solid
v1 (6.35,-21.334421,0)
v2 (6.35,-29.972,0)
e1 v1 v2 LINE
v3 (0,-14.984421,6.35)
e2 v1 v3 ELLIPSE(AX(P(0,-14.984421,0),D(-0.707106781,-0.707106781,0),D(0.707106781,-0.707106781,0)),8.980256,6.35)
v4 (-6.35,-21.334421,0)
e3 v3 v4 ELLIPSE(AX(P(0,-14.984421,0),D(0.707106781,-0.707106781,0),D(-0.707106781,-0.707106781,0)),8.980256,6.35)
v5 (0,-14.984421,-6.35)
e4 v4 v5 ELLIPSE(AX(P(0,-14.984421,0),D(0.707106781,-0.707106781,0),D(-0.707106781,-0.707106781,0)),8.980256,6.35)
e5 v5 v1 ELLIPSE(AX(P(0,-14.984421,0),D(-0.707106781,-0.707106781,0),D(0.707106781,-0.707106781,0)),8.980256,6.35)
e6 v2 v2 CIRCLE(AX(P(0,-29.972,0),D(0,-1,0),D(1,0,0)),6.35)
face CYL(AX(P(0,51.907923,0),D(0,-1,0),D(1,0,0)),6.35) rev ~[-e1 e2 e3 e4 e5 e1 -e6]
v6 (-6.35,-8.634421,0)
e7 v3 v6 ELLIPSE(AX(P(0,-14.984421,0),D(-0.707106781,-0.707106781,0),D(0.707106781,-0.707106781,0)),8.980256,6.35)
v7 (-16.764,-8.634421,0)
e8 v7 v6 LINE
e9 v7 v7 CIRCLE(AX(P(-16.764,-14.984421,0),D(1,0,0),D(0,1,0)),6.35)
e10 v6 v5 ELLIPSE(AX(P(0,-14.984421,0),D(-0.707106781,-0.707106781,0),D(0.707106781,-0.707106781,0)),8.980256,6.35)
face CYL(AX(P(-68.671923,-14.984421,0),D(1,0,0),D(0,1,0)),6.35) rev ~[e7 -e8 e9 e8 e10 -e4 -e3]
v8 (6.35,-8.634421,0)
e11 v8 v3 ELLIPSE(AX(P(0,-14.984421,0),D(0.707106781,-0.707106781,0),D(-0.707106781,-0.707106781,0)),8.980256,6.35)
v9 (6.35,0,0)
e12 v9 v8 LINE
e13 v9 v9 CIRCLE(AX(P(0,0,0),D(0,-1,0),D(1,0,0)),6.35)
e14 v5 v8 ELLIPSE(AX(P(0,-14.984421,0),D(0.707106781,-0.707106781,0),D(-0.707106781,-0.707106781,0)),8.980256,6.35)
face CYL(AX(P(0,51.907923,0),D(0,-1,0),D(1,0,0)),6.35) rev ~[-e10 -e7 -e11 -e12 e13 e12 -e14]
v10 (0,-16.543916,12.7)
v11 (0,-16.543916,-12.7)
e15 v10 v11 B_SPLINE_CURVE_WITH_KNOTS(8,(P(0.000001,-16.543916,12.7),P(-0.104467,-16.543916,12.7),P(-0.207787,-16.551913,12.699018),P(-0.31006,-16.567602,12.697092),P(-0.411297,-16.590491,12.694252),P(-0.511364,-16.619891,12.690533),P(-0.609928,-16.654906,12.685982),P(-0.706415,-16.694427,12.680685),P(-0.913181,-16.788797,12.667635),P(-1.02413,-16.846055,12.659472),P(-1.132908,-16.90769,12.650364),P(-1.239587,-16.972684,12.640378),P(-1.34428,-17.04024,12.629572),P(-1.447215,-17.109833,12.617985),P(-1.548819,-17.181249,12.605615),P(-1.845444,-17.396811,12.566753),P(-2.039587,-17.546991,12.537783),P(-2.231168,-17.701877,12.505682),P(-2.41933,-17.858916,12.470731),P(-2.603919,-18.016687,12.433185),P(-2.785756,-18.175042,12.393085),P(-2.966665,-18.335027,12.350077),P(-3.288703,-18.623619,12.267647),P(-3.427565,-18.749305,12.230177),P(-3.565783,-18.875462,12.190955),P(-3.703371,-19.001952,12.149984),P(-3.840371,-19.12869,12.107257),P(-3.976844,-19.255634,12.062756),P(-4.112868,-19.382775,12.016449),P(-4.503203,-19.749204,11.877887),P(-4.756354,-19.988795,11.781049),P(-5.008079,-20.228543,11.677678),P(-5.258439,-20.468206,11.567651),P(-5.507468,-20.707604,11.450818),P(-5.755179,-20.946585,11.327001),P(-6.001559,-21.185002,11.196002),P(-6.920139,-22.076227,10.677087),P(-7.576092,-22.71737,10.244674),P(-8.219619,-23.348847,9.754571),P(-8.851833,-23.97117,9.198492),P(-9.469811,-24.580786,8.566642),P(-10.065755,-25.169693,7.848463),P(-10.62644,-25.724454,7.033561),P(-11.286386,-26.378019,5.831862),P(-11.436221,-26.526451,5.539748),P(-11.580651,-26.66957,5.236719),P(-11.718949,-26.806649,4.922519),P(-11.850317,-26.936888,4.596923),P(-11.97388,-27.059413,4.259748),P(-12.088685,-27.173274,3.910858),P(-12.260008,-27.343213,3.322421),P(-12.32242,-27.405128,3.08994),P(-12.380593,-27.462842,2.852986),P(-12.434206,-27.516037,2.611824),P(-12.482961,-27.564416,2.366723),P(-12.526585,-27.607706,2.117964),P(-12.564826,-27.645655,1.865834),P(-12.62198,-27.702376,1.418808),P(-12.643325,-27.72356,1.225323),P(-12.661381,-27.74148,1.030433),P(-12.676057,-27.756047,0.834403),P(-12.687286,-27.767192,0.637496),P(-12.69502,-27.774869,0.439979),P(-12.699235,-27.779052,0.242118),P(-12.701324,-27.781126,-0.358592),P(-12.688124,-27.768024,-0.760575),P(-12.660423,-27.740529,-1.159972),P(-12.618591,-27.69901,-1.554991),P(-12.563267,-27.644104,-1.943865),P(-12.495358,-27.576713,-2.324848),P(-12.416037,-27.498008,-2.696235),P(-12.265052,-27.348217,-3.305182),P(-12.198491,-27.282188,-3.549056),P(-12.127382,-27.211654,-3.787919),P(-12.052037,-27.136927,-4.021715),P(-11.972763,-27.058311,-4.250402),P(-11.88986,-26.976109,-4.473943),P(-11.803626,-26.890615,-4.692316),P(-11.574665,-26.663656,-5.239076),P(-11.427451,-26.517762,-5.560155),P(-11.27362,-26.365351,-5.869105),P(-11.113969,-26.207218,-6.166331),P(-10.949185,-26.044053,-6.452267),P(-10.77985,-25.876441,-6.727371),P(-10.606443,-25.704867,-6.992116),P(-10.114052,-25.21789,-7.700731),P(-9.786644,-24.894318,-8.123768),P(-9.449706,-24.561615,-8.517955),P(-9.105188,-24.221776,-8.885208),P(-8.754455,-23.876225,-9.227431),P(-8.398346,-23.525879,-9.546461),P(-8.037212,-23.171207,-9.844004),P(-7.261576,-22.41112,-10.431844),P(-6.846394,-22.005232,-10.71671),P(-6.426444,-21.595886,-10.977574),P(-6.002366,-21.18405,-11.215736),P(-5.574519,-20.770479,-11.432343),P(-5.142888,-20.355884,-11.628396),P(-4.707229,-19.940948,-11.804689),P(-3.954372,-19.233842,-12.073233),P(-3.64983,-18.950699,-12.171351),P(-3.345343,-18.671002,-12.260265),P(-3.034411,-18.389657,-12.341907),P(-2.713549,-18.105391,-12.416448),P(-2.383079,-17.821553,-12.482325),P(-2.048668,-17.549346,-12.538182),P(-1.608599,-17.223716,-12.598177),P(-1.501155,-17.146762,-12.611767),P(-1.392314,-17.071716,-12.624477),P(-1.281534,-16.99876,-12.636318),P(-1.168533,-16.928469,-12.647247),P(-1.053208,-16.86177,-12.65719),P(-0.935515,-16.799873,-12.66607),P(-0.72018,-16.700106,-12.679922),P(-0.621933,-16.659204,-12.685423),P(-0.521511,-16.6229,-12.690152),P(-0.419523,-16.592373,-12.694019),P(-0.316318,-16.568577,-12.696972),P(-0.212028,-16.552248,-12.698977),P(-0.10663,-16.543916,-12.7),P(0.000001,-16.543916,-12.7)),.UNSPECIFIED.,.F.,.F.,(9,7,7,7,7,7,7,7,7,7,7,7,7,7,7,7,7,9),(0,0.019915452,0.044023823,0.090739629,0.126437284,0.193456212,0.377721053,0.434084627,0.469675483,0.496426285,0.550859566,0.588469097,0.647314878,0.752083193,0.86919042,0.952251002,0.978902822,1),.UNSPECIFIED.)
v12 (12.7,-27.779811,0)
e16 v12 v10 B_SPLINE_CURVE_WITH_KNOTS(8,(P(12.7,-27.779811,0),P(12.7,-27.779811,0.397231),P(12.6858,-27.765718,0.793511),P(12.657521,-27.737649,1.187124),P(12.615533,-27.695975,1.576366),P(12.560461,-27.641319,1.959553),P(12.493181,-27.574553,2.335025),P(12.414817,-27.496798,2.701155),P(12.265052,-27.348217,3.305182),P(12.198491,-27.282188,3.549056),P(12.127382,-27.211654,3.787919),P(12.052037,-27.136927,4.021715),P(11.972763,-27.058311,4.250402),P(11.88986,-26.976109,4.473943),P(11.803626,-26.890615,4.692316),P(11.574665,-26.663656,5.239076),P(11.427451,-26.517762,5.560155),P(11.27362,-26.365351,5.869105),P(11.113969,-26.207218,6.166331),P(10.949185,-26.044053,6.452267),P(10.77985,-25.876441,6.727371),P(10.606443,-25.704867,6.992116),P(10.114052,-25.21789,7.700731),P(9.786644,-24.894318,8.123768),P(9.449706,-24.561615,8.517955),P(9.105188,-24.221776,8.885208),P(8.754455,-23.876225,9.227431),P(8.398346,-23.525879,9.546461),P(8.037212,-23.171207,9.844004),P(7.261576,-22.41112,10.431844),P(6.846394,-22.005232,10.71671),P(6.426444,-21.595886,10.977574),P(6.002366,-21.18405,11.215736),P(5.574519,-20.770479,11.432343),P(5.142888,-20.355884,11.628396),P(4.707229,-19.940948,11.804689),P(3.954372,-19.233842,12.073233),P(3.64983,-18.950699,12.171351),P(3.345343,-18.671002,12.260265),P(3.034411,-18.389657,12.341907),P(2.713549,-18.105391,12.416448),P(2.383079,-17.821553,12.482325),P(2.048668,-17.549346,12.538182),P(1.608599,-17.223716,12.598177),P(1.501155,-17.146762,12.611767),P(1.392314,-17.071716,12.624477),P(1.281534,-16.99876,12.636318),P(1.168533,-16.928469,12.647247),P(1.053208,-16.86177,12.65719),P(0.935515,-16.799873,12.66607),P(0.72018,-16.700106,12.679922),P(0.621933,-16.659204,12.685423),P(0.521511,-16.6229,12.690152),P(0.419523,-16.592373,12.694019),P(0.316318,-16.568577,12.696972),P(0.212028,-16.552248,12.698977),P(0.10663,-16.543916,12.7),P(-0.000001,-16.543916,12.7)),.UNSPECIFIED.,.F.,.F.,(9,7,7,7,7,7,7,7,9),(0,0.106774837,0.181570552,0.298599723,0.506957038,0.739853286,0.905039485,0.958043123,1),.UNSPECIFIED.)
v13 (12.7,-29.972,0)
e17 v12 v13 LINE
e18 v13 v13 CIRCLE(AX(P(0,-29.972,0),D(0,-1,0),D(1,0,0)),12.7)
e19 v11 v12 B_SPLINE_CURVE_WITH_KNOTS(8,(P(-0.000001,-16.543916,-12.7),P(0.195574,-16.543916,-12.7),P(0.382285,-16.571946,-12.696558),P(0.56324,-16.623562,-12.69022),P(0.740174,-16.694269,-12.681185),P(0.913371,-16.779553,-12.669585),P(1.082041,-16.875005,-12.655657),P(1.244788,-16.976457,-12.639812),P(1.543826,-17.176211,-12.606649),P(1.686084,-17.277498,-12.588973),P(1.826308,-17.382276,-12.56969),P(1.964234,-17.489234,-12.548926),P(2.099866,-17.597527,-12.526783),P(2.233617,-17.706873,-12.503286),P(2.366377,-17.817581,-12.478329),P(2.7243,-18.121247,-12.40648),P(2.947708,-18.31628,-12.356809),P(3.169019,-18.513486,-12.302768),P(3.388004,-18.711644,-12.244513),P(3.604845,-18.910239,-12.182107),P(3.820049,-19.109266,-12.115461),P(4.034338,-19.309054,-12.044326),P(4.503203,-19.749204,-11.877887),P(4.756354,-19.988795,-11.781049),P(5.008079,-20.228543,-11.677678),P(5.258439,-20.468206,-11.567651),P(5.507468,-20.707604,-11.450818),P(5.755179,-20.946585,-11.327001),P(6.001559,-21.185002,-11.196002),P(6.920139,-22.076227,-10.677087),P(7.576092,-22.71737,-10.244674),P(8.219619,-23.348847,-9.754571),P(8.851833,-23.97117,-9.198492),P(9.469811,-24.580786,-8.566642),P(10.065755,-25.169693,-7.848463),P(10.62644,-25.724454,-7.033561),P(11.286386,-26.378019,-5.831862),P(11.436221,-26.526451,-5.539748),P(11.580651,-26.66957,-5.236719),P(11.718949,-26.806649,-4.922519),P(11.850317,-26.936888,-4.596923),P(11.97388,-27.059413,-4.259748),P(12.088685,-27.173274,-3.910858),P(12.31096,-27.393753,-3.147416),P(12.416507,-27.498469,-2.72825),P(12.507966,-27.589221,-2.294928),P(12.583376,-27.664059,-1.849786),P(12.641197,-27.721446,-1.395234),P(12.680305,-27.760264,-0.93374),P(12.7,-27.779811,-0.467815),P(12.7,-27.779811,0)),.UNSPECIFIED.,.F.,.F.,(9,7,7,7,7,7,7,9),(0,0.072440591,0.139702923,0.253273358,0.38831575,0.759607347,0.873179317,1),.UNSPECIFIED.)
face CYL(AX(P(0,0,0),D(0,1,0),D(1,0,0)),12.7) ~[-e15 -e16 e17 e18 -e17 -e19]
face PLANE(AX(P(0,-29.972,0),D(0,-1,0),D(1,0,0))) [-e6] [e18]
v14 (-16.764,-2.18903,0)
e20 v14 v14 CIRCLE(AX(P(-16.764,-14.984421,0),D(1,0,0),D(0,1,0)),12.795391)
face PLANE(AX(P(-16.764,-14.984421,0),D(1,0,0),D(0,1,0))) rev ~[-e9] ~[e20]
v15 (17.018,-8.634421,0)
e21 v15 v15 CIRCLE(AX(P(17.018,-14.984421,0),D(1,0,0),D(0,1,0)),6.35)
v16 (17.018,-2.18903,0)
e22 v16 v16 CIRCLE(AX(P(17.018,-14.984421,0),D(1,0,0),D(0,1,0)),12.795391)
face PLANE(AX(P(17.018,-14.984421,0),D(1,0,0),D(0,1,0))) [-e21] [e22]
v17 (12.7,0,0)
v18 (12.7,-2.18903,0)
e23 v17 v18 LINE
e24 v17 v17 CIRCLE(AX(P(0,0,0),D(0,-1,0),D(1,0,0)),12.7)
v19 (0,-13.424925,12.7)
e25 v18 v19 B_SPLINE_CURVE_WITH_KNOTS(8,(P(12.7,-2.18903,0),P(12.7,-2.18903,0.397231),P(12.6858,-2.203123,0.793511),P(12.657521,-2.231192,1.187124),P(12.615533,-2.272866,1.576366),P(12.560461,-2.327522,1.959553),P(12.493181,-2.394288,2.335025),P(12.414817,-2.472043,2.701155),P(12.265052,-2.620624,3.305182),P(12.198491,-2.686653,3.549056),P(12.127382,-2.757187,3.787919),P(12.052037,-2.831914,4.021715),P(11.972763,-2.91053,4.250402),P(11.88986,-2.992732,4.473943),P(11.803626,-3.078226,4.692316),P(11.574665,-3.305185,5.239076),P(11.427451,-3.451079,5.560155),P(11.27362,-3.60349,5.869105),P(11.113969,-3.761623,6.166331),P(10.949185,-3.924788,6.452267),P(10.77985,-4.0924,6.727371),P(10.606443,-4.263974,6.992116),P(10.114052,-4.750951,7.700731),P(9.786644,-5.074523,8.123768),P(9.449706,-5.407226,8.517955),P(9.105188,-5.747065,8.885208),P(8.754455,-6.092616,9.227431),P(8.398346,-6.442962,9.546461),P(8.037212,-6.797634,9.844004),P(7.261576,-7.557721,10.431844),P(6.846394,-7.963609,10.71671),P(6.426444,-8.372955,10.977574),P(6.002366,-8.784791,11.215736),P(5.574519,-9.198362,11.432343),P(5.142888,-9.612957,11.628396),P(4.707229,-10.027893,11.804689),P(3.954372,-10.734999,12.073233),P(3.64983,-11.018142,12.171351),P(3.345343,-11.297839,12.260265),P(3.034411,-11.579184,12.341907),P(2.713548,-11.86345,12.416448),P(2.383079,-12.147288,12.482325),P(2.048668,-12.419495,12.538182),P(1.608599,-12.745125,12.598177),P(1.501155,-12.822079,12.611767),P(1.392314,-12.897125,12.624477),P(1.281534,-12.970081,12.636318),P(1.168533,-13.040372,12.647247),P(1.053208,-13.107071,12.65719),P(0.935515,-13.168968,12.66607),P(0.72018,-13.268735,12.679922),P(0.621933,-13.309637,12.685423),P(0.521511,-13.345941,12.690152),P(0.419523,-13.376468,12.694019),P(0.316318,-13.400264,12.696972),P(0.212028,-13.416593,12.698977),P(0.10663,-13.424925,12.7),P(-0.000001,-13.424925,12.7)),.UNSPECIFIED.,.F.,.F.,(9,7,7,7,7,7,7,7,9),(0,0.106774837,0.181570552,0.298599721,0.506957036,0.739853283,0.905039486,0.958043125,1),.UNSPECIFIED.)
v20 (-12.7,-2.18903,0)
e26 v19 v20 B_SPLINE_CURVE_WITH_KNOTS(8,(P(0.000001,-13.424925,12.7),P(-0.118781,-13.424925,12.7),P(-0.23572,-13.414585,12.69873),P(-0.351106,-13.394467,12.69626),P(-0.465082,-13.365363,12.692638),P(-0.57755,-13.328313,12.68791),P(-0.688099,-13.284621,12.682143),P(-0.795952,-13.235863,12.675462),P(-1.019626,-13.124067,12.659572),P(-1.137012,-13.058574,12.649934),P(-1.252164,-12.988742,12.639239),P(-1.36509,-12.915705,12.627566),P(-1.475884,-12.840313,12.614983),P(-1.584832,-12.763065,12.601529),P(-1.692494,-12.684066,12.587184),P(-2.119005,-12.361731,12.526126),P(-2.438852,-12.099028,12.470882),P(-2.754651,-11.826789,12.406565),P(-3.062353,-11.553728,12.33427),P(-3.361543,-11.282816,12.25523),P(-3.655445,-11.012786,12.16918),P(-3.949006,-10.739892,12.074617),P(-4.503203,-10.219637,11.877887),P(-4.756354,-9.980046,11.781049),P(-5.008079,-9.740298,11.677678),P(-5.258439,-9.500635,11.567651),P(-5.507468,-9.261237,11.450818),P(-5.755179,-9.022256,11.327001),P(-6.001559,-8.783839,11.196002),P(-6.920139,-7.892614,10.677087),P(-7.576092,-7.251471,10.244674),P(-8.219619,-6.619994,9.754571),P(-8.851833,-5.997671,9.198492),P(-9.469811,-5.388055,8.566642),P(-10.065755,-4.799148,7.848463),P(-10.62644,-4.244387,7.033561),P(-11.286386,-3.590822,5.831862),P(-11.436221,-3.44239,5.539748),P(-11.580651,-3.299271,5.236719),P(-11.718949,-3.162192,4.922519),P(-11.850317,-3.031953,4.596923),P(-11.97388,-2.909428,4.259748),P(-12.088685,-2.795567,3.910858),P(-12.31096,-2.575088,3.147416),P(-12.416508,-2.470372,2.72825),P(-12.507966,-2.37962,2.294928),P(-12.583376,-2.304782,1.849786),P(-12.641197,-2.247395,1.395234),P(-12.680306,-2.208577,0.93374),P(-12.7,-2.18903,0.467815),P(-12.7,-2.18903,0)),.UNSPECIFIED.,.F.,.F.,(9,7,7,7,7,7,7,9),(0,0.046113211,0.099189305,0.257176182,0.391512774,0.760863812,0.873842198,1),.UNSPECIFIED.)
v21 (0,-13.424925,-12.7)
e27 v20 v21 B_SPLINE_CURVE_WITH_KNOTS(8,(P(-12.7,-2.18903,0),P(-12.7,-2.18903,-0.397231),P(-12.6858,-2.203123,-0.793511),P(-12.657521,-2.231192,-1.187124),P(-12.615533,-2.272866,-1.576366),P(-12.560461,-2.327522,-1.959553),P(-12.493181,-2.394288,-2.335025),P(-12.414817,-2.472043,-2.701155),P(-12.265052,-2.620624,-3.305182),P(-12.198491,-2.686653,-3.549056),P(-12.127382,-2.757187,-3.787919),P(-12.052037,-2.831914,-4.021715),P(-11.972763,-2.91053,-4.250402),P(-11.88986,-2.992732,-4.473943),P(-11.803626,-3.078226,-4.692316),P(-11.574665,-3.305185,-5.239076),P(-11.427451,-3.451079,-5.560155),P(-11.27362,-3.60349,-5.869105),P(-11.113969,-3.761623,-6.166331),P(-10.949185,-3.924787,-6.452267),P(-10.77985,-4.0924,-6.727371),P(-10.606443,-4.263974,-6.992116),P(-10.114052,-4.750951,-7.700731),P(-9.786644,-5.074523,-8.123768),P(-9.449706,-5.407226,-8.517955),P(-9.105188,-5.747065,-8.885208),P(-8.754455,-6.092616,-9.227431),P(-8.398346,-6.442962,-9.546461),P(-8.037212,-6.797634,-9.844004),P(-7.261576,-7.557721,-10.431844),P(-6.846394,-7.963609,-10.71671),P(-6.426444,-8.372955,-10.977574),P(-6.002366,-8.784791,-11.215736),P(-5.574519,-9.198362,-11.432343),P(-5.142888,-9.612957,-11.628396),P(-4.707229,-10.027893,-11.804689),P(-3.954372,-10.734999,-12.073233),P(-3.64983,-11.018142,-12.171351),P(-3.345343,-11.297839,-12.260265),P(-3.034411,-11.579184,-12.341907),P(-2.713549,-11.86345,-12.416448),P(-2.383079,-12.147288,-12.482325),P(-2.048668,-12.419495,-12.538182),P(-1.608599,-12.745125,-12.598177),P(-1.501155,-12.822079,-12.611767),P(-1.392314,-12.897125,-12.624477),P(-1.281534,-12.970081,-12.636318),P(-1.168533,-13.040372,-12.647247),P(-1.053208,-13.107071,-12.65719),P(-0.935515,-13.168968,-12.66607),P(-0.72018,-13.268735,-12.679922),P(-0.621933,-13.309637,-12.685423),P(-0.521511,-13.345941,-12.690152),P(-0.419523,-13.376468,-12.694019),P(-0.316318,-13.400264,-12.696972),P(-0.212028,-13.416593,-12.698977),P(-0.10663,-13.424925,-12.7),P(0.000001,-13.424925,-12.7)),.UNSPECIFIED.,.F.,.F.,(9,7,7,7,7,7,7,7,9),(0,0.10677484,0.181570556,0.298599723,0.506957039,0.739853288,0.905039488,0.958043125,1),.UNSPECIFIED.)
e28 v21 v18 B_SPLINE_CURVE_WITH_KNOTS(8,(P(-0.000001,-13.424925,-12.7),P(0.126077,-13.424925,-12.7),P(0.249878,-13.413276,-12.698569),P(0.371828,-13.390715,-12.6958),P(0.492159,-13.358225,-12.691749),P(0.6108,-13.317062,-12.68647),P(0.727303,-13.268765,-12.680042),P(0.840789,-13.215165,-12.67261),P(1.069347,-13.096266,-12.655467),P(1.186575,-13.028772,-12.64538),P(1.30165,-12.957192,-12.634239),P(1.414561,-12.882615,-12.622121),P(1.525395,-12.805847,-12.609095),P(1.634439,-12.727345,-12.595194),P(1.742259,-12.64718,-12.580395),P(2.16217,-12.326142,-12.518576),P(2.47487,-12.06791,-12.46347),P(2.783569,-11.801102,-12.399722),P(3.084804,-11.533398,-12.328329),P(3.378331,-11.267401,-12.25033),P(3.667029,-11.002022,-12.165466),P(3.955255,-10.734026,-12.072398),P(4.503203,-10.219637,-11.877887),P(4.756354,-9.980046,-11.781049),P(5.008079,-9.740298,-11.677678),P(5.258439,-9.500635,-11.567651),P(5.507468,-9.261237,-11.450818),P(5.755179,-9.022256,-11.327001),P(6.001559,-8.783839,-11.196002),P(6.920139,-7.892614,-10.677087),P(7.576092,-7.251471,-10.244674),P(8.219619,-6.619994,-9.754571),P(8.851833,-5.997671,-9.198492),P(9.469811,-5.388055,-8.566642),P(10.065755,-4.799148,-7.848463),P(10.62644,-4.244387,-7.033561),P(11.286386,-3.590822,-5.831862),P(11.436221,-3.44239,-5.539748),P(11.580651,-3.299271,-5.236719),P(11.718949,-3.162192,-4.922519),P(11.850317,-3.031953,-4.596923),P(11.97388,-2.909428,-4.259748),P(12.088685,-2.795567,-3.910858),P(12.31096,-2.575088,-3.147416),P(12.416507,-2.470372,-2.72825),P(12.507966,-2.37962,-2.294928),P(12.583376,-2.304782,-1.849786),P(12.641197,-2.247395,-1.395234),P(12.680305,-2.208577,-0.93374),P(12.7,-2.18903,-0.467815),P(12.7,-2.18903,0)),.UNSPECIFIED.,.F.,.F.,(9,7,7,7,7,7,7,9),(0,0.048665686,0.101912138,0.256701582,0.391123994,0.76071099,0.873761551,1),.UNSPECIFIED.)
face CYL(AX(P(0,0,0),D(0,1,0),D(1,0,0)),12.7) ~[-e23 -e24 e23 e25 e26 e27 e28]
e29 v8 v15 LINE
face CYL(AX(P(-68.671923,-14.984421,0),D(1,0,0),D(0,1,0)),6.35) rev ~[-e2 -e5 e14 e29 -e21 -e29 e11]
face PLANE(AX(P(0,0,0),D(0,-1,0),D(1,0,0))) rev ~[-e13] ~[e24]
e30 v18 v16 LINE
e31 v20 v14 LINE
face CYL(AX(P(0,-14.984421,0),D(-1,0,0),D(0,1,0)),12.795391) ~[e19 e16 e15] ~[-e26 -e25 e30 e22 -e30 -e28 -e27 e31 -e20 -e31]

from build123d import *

# Parameters (mm, degrees)
F0_R          = 12.7
F1_DEPTH      = 29.972
F2_R          = 12.7953908212
F3_DEPTH      = 16.764
F3_DEPTH_BACK = 17.018
F5_D          = 12.7
F7_D          = 12.7


with BuildPart() as f1:
    # F0 (on Front) → F1 (new body)
    with BuildSketch(Plane.XZ):
        Circle(F0_R)
    extrude(amount=F1_DEPTH)

    # F2 (on Right) → F3 (join, two sides)
    with BuildSketch(Plane.YZ) as f3_sk:
        with Locations((-14.9844205007, 0)):
            Circle(F2_R)
    extrude(amount=-F3_DEPTH)
    extrude(f3_sk.sketch, amount=F3_DEPTH_BACK)

    # F5 (through all)
    with Locations(Plane(origin=(0, 0, 0), x_dir=(-1, 0, 0), z_dir=(0, 1, 0))):
        with Locations((0, 0)):
            Hole(F5_D / 2)

    # F7 (through all)
    with Locations(Plane(origin=(-16.764, 0, 0), x_dir=(0, -1, 0), z_dir=(-1, 0, 0))):
        with Locations((14.9844205007, 0)):
            Hole(F7_D / 2)


solid = f1.part
